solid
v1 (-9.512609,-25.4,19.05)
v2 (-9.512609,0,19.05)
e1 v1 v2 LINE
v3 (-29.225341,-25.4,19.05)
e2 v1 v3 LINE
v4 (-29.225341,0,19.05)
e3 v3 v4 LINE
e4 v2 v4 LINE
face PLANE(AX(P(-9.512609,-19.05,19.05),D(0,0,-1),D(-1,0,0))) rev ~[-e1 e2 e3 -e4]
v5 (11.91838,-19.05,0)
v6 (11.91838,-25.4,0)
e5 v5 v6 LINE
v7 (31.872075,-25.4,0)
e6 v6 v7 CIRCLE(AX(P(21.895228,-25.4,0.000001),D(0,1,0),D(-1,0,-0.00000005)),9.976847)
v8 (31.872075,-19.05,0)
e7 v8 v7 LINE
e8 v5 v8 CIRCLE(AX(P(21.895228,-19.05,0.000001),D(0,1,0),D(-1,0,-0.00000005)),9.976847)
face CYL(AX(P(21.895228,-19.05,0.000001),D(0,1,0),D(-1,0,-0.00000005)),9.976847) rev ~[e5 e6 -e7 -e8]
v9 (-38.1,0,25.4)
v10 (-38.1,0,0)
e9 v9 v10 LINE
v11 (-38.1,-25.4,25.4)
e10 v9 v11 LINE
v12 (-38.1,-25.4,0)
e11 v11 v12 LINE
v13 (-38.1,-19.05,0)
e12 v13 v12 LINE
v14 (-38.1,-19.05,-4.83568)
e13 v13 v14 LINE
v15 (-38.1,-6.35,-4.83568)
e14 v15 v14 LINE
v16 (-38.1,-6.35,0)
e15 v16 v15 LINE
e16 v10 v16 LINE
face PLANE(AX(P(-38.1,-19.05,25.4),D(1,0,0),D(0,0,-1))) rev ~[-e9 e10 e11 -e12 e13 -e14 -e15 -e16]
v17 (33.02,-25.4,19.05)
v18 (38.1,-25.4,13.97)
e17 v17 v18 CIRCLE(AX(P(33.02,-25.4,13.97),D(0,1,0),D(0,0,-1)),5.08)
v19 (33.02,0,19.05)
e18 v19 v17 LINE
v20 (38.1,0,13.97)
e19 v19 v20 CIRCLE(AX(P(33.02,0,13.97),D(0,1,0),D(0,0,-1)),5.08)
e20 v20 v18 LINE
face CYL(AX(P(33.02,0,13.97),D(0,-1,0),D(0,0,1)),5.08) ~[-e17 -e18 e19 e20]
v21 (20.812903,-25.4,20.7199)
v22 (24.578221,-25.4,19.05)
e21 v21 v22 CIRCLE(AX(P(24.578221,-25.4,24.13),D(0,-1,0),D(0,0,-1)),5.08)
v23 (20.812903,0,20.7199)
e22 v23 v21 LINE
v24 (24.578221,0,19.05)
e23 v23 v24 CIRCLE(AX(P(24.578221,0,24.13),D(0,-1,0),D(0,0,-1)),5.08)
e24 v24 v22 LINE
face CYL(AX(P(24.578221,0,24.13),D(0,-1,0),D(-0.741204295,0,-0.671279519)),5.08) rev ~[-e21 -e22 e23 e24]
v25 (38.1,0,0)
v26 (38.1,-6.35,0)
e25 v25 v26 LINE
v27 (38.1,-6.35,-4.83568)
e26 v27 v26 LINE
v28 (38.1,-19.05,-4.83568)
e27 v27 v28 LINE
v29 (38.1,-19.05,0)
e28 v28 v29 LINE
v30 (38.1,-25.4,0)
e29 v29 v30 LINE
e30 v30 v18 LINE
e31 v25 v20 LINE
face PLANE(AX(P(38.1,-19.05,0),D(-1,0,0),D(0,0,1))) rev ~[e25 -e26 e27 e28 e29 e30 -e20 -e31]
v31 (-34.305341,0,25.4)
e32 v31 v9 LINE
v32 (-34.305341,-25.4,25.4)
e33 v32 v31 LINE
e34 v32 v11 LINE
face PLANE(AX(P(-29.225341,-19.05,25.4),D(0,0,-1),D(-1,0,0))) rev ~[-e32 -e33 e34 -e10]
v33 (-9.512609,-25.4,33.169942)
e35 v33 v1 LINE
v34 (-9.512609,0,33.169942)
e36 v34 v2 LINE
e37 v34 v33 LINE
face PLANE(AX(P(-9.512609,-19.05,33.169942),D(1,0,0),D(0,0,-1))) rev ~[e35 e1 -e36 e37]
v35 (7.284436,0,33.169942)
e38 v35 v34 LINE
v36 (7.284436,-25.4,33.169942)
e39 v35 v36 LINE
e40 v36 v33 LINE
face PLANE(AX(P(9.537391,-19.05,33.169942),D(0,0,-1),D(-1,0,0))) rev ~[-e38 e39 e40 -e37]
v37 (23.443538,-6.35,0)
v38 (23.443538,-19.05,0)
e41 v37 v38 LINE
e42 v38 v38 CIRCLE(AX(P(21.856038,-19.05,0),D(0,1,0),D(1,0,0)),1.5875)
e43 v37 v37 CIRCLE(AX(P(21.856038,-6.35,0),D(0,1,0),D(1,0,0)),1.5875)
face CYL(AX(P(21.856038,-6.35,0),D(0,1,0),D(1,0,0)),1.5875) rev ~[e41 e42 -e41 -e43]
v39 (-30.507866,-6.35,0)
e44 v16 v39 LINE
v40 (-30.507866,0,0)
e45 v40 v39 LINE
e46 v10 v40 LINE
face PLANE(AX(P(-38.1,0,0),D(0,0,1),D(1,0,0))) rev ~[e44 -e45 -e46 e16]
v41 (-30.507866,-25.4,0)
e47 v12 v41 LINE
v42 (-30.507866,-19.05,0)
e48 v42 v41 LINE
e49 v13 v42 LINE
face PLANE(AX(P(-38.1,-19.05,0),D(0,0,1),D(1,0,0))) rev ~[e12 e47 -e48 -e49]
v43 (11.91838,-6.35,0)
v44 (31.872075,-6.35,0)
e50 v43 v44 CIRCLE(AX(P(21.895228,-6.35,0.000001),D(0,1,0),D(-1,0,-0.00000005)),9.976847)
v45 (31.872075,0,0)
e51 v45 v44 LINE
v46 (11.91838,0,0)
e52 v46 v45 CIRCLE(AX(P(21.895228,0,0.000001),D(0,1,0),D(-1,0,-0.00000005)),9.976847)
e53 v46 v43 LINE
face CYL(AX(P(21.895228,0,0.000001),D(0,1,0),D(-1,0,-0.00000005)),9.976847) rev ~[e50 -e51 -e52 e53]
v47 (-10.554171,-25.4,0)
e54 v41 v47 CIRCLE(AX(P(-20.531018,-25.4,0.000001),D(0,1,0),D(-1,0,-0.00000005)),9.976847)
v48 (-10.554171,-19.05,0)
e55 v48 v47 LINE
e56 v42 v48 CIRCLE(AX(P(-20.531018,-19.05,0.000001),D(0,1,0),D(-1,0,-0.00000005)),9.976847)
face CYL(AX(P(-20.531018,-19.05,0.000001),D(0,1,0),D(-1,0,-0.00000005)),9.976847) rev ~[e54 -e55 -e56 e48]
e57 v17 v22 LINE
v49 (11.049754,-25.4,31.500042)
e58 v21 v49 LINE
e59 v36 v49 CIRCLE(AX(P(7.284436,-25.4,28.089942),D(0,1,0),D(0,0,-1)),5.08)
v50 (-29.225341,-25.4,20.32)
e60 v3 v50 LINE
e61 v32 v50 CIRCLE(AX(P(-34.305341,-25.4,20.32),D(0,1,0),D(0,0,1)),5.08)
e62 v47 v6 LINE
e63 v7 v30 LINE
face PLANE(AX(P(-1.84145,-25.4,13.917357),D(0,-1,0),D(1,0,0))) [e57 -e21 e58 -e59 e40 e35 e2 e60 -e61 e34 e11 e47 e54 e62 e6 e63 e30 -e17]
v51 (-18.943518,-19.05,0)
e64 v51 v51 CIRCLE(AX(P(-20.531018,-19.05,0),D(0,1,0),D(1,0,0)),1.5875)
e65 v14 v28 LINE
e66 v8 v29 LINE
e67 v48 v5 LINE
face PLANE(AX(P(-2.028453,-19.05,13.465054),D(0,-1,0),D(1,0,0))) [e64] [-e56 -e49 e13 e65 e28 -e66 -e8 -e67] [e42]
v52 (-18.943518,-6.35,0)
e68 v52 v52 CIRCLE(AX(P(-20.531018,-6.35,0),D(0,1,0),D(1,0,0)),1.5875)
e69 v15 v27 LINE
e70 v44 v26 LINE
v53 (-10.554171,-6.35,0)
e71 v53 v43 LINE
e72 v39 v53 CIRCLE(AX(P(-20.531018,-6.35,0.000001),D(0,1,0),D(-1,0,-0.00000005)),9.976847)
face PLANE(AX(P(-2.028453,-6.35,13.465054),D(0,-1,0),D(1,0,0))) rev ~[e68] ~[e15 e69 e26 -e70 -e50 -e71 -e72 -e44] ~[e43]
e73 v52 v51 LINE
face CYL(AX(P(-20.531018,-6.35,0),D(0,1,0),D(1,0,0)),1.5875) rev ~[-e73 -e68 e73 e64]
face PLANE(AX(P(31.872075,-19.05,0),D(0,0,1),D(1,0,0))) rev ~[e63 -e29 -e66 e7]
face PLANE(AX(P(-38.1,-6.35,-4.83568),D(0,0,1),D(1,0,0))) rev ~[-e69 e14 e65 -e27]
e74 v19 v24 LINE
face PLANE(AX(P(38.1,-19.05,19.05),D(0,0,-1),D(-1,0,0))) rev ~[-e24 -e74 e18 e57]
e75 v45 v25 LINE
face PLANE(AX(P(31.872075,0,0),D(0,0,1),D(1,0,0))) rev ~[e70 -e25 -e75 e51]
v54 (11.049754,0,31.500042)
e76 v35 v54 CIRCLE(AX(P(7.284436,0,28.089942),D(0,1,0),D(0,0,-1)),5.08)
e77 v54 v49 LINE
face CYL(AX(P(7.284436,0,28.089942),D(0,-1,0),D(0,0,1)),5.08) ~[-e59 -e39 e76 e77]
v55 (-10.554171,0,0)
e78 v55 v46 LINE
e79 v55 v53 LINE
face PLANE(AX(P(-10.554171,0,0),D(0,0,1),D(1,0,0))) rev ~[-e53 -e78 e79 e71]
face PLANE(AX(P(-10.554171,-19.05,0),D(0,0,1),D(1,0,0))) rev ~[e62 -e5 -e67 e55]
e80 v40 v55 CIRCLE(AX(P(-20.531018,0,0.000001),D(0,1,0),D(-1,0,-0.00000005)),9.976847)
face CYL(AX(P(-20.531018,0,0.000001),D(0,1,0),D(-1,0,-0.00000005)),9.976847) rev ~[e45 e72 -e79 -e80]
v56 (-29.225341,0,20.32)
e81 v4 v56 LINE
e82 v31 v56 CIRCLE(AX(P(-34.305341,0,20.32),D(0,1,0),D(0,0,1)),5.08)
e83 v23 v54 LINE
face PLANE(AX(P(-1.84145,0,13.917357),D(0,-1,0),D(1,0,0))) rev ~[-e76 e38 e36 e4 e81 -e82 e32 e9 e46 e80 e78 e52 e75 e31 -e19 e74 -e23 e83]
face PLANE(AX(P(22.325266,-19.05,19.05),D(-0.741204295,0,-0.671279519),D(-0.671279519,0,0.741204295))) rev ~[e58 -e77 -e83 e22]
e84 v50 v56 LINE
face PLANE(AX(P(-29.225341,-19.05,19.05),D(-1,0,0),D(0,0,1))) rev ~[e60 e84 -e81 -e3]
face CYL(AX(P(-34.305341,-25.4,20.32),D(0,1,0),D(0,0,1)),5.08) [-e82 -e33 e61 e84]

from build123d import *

# Parameters (mm, degrees)
F1_DEPTH = 6.35
F3_DEPTH = 12.7
F5_DEPTH = 6.35
F6_R     = 5.08
F7_R     = 5.08
F8_R     = 5.08


with BuildPart() as f1:
    # F0 (on Front) → F1 (new body)
    with BuildSketch(Plane.XZ):
        with BuildLine():
            Line((-29.225341, 25.4), (-38.1, 25.4))
            Line((-38.1, 25.4), (-38.1, 0))
            Line((-38.1, 0), (-30.507866, 0))
            ThreePointArc((-30.507866, 0), (-20.531018, 9.976848), (-10.554171, 0))
            Line((-10.554171, 0), (11.91838, 0))
            ThreePointArc((11.91838, 0), (21.895228, 9.976848), (31.872075, 0))
            Line((31.872075, 0), (38.1, 0))
            Line((38.1, 0), (38.1, 19.05))
            Line((38.1, 19.05), (22.325266, 19.05))
            Line((22.325266, 19.05), (9.537391, 33.169942))
            Line((9.537391, 33.169942), (-9.512609, 33.169942))
            Line((-9.512609, 33.169942), (-9.512609, 19.05))
            Line((-9.512609, 19.05), (-29.225341, 19.05))
            Line((-29.225341, 19.05), (-29.225341, 25.4))
        make_face()
    extrude(amount=F1_DEPTH)

    # F2 (on face) → F3 (join)
    with BuildSketch(Plane.XZ.offset(6.35)):
        with BuildLine():
            Line((-29.225341, 25.4), (-38.1, 25.4))
            Line((-38.1, 25.4), (-38.1, 0))
            Line((-38.1, 0), (-22.118518, 0))
            ThreePointArc((-22.118518, 0), (-20.531018, 1.5875), (-18.943518, 0))
            Line((-18.943518, 0), (20.268538, 0))
            ThreePointArc((20.268538, 0), (21.856038, 1.5875), (23.443538, 0))
            Line((23.443538, 0), (38.1, 0))
            Line((38.1, 0), (38.1, 19.05))
            Line((38.1, 19.05), (22.325266, 19.05))
            Line((22.325266, 19.05), (9.537391, 33.169942))
            Line((9.537391, 33.169942), (-9.512609, 33.169942))
            Line((-9.512609, 33.169942), (-9.512609, 19.05))
            Line((-9.512609, 19.05), (-29.225341, 19.05))
            Line((-29.225341, 19.05), (-29.225341, 25.4))
        make_face()
        with BuildLine():
            Line((-22.118518, 0), (-38.1, 0))
            Line((-38.1, 0), (-38.1, -4.83568))
            Line((-38.1, -4.83568), (38.1, -4.83568))
            Line((38.1, -4.83568), (38.1, 0))
            Line((38.1, 0), (23.443538, 0))
            ThreePointArc((23.443538, 0), (21.856038, -1.5875), (20.268538, 0))
            Line((20.268538, 0), (-18.943518, 0))
            ThreePointArc((-18.943518, 0), (-20.531018, -1.5875), (-22.118518, 0))
        make_face()
    extrude(amount=F3_DEPTH)

    # F4 (on face) → F5 (join)
    with BuildSketch(Plane.XZ.offset(19.05)):
        with BuildLine():
            Line((-29.225341, 25.4), (-38.1, 25.4))
            Line((-38.1, 25.4), (-38.1, 0))
            Line((-38.1, 0), (-30.507866, 0))
            ThreePointArc((-30.507866, 0), (-20.531018, 9.976848), (-10.554171, 0))
            Line((-10.554171, 0), (11.91838, 0))
            ThreePointArc((11.91838, 0), (21.895228, 9.976848), (31.872075, 0))
            Line((31.872075, 0), (38.1, 0))
            Line((38.1, 0), (38.1, 19.05))
            Line((38.1, 19.05), (22.325266, 19.05))
            Line((22.325266, 19.05), (9.537391, 33.169942))
            Line((9.537391, 33.169942), (-9.512609, 33.169942))
            Line((-9.512609, 33.169942), (-9.512609, 19.05))
            Line((-9.512609, 19.05), (-29.225341, 19.05))
            Line((-29.225341, 19.05), (-29.225341, 25.4))
        make_face()
    extrude(amount=F5_DEPTH)

    # F6
    f6_edges = [f1.edges().sort_by_distance(p)[0] for p in [
        (-29.225341, -12.7, 25.4),
    ]]
    fillet(f6_edges, radius=F6_R)

    # F7
    f7_edges = [f1.edges().sort_by_distance(p)[0] for p in [
        (9.537391, -12.7, 33.169942),
    ]]
    fillet(f7_edges, radius=F7_R)

    # F8
    f8_edges = [f1.edges().sort_by_distance(p)[0] for p in [
        (22.325266, -12.7, 19.05),
        (38.1, -12.7, 19.05),
    ]]
    fillet(f8_edges, radius=F8_R)


solid = f1.part
